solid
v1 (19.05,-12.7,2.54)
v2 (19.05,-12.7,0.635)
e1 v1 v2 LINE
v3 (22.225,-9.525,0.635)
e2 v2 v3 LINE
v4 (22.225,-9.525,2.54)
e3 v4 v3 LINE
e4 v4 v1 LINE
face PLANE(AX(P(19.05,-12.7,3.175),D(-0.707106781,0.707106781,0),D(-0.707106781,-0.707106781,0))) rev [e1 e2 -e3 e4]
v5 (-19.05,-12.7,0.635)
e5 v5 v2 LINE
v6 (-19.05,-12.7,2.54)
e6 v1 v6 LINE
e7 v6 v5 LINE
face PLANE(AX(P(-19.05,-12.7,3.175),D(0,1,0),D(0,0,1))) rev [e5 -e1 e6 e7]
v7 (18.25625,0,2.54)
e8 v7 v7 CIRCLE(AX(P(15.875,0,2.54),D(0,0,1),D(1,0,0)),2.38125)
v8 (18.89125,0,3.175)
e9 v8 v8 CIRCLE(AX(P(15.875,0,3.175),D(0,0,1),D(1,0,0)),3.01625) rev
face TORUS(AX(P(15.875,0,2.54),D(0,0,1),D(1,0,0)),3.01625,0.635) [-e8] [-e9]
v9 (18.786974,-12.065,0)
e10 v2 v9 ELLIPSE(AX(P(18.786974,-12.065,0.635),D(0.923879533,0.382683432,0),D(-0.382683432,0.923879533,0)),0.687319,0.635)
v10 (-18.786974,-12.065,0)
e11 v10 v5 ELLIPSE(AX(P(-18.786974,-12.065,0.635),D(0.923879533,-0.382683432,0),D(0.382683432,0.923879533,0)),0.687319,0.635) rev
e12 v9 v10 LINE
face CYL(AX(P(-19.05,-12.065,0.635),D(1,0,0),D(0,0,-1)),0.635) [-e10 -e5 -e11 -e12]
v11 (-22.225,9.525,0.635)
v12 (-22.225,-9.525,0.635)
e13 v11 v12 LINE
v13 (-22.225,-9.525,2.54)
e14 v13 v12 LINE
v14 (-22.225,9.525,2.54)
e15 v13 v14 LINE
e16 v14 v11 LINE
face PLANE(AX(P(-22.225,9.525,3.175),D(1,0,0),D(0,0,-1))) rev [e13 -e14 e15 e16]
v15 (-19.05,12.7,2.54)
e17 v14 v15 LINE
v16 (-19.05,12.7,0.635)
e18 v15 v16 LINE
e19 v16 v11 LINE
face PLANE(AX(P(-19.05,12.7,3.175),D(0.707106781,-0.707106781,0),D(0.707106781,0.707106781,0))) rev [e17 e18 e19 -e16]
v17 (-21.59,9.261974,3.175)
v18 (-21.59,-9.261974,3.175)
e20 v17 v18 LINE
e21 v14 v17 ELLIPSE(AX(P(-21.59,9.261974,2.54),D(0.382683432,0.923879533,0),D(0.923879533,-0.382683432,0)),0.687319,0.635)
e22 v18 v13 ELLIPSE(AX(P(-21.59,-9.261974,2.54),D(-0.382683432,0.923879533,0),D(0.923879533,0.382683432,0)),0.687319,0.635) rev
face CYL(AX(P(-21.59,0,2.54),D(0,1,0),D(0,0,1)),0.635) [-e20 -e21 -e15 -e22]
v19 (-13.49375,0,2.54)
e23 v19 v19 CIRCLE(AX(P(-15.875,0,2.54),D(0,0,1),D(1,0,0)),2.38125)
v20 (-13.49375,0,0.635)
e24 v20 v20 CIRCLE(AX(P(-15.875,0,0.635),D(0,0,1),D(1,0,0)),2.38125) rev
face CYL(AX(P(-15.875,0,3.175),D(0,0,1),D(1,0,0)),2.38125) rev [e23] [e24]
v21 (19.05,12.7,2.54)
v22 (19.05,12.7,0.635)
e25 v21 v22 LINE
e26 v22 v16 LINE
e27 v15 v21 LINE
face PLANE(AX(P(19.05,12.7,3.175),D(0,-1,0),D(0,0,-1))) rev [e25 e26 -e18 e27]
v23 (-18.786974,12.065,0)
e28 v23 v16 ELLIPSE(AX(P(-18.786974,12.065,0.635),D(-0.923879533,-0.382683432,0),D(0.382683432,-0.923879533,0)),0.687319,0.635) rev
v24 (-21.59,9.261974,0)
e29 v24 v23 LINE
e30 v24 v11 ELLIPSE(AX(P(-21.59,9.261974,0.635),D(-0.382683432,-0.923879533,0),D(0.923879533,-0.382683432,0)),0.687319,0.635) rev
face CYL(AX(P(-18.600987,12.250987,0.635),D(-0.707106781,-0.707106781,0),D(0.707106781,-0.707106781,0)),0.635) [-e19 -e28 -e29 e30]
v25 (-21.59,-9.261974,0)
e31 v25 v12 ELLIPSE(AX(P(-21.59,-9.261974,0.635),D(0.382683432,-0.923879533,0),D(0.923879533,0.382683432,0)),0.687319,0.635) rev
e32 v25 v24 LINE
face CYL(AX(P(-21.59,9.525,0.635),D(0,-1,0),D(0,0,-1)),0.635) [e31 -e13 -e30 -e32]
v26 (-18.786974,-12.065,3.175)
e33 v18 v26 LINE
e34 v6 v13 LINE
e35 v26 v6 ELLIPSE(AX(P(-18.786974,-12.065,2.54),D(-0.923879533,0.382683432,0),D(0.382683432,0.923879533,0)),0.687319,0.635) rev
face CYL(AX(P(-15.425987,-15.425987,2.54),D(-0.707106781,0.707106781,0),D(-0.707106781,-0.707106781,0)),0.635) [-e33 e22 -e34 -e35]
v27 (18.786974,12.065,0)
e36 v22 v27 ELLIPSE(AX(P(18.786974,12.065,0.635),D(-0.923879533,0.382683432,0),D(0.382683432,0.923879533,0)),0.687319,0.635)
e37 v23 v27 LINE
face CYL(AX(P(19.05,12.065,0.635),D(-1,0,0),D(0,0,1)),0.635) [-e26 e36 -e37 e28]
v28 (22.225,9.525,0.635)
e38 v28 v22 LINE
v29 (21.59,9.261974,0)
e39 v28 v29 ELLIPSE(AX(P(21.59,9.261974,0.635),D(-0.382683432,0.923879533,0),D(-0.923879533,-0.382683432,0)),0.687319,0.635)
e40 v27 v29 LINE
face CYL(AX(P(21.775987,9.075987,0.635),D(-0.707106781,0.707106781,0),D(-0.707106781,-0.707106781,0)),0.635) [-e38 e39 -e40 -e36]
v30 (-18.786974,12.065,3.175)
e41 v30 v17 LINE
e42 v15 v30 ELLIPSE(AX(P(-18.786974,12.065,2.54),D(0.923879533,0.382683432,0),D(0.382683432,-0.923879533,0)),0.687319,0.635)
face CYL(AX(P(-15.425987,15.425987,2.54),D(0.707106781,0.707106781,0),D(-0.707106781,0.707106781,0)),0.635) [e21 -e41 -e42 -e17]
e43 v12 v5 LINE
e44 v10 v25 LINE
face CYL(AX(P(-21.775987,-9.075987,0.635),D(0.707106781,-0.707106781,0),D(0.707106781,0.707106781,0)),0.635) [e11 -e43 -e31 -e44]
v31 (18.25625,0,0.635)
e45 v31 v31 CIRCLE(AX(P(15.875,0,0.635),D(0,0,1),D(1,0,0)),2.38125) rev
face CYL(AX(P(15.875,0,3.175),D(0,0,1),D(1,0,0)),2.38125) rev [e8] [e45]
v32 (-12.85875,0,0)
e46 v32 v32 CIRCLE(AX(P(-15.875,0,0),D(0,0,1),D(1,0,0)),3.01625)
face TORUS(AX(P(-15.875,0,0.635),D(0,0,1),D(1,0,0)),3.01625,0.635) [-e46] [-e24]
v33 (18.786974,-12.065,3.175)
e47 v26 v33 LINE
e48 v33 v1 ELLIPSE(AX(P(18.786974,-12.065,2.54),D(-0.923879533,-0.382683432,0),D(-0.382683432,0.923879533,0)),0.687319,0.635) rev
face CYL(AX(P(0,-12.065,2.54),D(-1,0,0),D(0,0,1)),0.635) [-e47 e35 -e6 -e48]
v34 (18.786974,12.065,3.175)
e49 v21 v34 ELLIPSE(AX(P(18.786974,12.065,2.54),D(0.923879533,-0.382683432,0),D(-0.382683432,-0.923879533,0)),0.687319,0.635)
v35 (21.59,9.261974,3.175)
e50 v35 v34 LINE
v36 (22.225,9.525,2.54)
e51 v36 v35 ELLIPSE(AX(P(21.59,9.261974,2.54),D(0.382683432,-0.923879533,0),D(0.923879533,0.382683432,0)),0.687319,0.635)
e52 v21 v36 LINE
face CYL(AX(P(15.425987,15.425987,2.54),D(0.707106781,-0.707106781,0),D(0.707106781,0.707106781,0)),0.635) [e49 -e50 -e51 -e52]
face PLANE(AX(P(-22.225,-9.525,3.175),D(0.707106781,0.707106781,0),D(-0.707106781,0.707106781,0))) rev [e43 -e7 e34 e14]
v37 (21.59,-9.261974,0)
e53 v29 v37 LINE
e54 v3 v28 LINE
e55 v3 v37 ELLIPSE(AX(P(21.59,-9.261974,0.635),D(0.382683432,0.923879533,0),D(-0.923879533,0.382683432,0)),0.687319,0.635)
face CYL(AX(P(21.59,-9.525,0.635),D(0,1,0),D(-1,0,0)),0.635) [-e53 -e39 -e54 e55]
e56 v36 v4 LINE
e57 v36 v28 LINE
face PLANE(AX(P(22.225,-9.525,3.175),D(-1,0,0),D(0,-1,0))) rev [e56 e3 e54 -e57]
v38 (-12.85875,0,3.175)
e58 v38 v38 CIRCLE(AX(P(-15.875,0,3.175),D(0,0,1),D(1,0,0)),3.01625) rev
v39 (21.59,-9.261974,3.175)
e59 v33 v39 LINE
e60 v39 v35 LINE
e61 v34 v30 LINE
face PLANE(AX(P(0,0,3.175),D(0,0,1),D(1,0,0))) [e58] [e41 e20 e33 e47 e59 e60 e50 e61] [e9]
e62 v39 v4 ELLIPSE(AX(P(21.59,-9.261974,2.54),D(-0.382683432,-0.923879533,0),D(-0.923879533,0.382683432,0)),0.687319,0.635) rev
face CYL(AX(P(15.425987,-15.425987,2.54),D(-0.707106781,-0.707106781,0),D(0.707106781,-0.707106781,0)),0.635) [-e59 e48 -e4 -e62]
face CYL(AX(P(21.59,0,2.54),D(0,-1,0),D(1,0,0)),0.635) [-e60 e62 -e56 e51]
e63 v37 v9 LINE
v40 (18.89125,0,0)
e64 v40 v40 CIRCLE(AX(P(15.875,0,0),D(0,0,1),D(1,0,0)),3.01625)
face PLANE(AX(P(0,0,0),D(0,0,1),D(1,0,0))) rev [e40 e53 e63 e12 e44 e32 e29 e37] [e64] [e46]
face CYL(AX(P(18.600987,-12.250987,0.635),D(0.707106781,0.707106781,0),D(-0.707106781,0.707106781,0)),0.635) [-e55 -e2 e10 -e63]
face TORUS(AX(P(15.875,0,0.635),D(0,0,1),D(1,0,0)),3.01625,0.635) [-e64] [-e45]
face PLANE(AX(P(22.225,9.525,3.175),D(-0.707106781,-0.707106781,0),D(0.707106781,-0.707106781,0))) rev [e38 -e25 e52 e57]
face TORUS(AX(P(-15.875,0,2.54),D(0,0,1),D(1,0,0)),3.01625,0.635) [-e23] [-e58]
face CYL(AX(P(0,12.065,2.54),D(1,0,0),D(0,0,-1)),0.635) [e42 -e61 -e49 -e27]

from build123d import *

# Parameters (mm, degrees)
BOSS_EXTRUDE1_DEPTH            = 3.175
F_3_16_0_1875_DIAMETER_HOLE1_D = 4.7625
FILLET1_R                      = 0.635


with BuildPart() as part:
    # Sketch1 → Boss-Extrude1 (new body)
    with BuildSketch(Plane.XY):
        Polygon((19.05, 12.7), (-19.05, 12.7), (-22.225, 9.525), (-22.225, -9.525), (-19.05, -12.7), (19.05, -12.7), (22.225, -9.525), (22.225, 9.525), align=None)
    extrude(amount=BOSS_EXTRUDE1_DEPTH)

    # 3/16 (0.1875) Diameter Hole1 (through all)
    with Locations(Plane.XY.offset(3.175)):
        with Locations((15.875, 0), (-15.875, 0)):
            Hole(F_3_16_0_1875_DIAMETER_HOLE1_D / 2)

    # Fillet1
    fillet1_edges = [part.edges().sort_by_distance(p)[0] for p in [
        (-20.6375, 11.1125, 3.175),
        (0, 12.7, 0),
        (20.6375, 11.1125, 0),
        (-22.225, 0, 3.175),
        (-20.6375, -11.1125, 3.175),
        (0, -12.7, 3.175),
        (20.6375, -11.1125, 3.175),
        (22.225, 0, 3.175),
        (-13.49375, 0, 3.175),
        (-13.49375, 0, 0),
        (18.25625, 0, 3.175),
        (18.25625, 0, 0),
        (20.6375, 11.1125, 3.175),
        (0, 12.7, 3.175),
        (22.225, 0, 0),
        (20.6375, -11.1125, 0),
        (0, -12.7, 0),
        (-20.6375, -11.1125, 0),
        (-22.225, 0, 0),
        (-20.6375, 11.1125, 0),
    ]]
    fillet(fillet1_edges, radius=FILLET1_R)


solid = part.part
